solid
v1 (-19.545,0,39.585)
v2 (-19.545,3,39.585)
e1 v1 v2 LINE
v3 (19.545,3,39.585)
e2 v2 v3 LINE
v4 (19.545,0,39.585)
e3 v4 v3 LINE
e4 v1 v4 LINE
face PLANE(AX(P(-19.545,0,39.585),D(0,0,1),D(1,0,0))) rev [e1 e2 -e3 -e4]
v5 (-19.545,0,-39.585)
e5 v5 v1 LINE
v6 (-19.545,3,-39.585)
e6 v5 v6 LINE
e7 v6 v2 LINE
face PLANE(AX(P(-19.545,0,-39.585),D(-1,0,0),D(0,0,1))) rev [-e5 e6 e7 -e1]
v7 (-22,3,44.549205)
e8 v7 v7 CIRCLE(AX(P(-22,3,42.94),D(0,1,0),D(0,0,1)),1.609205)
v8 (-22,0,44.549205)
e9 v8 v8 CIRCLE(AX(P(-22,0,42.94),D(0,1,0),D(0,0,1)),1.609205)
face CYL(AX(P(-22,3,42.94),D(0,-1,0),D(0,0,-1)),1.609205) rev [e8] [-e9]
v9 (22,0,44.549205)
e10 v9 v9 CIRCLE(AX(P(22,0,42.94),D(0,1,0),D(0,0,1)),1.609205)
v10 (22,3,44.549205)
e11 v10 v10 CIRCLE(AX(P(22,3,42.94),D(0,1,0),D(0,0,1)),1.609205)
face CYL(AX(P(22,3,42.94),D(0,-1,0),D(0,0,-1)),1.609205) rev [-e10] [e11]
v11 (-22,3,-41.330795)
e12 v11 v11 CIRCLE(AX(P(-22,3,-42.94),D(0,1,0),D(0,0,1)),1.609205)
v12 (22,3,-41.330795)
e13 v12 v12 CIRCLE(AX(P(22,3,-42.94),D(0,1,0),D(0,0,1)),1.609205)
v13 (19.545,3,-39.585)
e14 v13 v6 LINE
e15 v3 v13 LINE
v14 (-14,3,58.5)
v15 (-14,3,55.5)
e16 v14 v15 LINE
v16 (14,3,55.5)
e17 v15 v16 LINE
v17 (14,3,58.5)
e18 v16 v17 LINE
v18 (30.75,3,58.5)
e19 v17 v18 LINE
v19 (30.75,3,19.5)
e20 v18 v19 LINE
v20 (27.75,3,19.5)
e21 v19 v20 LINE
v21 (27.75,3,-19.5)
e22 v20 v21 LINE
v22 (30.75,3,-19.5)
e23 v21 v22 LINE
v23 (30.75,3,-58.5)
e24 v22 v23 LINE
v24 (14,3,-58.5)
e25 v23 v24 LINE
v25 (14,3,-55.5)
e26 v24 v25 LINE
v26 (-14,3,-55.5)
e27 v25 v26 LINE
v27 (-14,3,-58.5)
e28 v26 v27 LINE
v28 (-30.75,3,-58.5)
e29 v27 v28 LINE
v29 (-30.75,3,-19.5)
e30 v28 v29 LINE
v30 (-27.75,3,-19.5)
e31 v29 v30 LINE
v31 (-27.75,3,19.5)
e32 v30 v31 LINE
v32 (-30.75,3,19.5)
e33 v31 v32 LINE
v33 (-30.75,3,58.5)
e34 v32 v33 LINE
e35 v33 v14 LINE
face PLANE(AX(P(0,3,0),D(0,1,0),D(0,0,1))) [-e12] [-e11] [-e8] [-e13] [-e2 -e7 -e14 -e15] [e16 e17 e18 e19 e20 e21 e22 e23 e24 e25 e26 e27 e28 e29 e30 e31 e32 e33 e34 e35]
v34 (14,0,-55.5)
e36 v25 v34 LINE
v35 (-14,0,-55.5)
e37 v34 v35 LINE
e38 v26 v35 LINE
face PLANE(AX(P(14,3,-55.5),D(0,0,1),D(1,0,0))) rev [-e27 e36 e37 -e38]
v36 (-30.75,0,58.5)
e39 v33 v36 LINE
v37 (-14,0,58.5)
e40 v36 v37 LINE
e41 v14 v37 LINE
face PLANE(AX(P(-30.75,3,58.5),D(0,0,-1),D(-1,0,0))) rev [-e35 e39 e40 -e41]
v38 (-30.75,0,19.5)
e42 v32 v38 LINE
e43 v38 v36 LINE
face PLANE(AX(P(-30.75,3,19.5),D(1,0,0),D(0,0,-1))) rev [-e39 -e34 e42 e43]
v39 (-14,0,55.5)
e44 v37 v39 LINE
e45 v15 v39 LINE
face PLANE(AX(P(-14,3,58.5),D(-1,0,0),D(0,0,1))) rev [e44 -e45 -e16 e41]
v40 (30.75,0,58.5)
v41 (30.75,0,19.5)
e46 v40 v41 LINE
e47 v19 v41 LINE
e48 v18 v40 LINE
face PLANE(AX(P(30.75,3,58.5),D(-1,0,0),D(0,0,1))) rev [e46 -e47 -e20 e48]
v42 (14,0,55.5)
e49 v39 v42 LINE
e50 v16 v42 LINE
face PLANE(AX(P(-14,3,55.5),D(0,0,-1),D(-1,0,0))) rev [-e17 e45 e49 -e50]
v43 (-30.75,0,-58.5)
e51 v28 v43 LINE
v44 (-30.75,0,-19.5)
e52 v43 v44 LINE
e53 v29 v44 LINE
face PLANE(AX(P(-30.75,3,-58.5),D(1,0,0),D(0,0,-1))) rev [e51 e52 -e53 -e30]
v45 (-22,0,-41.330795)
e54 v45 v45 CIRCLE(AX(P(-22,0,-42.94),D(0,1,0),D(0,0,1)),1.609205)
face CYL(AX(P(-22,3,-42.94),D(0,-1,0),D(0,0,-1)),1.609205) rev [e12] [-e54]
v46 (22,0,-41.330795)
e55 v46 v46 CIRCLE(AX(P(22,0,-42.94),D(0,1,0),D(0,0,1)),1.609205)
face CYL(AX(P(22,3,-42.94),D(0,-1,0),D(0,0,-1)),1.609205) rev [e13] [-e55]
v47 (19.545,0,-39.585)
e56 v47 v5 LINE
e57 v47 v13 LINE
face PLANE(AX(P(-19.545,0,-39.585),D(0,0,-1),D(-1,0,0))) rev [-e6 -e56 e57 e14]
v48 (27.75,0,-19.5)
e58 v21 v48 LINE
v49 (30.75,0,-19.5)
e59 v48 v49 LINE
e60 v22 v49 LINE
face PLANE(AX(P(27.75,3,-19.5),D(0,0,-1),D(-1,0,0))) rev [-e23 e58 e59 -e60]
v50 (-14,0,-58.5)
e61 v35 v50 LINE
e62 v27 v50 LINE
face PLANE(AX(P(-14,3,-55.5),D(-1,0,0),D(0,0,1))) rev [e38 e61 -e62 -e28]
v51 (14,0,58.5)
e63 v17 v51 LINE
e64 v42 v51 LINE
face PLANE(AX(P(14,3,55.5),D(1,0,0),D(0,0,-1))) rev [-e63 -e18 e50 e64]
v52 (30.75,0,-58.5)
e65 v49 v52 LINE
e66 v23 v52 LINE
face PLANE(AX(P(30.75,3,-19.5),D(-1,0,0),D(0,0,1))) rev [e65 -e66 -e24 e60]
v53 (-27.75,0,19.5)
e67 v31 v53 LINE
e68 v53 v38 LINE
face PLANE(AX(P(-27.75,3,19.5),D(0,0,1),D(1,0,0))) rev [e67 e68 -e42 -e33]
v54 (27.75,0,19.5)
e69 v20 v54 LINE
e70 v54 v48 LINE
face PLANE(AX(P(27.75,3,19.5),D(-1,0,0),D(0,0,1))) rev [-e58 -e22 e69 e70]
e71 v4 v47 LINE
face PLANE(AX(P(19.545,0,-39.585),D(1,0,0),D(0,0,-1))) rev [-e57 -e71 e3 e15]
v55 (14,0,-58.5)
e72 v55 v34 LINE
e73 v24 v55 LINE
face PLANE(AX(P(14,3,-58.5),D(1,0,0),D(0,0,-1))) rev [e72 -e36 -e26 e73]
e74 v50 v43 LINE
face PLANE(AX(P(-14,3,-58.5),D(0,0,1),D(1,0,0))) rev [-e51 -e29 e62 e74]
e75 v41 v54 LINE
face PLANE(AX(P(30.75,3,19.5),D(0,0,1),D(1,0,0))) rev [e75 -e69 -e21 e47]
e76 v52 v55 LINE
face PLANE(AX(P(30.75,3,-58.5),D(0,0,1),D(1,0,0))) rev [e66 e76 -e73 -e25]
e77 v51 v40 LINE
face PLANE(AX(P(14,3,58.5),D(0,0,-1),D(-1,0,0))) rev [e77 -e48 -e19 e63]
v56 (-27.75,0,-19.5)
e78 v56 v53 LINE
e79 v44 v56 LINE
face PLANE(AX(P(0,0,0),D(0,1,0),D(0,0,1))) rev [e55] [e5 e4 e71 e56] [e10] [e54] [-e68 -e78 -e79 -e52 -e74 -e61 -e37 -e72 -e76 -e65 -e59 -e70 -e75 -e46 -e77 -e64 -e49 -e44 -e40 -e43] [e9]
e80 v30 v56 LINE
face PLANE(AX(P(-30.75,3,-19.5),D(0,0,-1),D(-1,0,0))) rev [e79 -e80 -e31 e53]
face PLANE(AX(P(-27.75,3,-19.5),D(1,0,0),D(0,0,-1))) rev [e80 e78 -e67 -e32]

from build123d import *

# Parameters (mm, degrees)
SKETCH1_R           = 1.609204822
BOSS_EXTRUDE1_DEPTH = 3
SKETCH2_W           = 39.09
SKETCH2_H           = 79.17
CUT_EXTRUDE1_DEPTH  = 67.15748257


with BuildPart() as part:
    # Sketch1 → Boss-Extrude1 (new body)
    with BuildSketch(Plane(origin=(0, 0, 0), x_dir=(1, 0, 0), z_dir=(0, 1, 0))):
        Polygon((-30.75, 58.5), (-30.75, 19.5), (-27.75, 19.5), (-27.75, -19.5), (-30.75, -19.5), (-30.75, -58.5), (-14, -58.5), (-14, -55.5), (14, -55.5), (14, -58.5), (30.75, -58.5), (30.75, -19.5), (27.75, -19.5), (27.75, 19.5), (30.75, 19.5), (30.75, 58.5), (14, 58.5), (14, 55.5), (-14, 55.5), (-14, 58.5), align=None)
        with Locations(Location((-22, -42.94, 0), (0, 0, 270))):
            Circle(SKETCH1_R, mode=Mode.SUBTRACT)
        with Locations(Location((22, -42.94, 0), (0, 0, 270))):
            Circle(SKETCH1_R, mode=Mode.SUBTRACT)
        with Locations(Location((22, 42.94, 0), (0, 0, 270))):
            Circle(SKETCH1_R, mode=Mode.SUBTRACT)
        with Locations(Location((-22, 42.94, 0), (0, 0, 270))):
            Circle(SKETCH1_R, mode=Mode.SUBTRACT)
    extrude(amount=BOSS_EXTRUDE1_DEPTH)

    # Sketch2 → Cut-Extrude1 (cut, through all)
    with BuildSketch(Plane(origin=(0, 3, 0), x_dir=(1, 0, 0), z_dir=(0, 1, 0))):
        Rectangle(SKETCH2_W, SKETCH2_H)
    extrude(amount=-CUT_EXTRUDE1_DEPTH, mode=Mode.SUBTRACT)


solid = part.part
